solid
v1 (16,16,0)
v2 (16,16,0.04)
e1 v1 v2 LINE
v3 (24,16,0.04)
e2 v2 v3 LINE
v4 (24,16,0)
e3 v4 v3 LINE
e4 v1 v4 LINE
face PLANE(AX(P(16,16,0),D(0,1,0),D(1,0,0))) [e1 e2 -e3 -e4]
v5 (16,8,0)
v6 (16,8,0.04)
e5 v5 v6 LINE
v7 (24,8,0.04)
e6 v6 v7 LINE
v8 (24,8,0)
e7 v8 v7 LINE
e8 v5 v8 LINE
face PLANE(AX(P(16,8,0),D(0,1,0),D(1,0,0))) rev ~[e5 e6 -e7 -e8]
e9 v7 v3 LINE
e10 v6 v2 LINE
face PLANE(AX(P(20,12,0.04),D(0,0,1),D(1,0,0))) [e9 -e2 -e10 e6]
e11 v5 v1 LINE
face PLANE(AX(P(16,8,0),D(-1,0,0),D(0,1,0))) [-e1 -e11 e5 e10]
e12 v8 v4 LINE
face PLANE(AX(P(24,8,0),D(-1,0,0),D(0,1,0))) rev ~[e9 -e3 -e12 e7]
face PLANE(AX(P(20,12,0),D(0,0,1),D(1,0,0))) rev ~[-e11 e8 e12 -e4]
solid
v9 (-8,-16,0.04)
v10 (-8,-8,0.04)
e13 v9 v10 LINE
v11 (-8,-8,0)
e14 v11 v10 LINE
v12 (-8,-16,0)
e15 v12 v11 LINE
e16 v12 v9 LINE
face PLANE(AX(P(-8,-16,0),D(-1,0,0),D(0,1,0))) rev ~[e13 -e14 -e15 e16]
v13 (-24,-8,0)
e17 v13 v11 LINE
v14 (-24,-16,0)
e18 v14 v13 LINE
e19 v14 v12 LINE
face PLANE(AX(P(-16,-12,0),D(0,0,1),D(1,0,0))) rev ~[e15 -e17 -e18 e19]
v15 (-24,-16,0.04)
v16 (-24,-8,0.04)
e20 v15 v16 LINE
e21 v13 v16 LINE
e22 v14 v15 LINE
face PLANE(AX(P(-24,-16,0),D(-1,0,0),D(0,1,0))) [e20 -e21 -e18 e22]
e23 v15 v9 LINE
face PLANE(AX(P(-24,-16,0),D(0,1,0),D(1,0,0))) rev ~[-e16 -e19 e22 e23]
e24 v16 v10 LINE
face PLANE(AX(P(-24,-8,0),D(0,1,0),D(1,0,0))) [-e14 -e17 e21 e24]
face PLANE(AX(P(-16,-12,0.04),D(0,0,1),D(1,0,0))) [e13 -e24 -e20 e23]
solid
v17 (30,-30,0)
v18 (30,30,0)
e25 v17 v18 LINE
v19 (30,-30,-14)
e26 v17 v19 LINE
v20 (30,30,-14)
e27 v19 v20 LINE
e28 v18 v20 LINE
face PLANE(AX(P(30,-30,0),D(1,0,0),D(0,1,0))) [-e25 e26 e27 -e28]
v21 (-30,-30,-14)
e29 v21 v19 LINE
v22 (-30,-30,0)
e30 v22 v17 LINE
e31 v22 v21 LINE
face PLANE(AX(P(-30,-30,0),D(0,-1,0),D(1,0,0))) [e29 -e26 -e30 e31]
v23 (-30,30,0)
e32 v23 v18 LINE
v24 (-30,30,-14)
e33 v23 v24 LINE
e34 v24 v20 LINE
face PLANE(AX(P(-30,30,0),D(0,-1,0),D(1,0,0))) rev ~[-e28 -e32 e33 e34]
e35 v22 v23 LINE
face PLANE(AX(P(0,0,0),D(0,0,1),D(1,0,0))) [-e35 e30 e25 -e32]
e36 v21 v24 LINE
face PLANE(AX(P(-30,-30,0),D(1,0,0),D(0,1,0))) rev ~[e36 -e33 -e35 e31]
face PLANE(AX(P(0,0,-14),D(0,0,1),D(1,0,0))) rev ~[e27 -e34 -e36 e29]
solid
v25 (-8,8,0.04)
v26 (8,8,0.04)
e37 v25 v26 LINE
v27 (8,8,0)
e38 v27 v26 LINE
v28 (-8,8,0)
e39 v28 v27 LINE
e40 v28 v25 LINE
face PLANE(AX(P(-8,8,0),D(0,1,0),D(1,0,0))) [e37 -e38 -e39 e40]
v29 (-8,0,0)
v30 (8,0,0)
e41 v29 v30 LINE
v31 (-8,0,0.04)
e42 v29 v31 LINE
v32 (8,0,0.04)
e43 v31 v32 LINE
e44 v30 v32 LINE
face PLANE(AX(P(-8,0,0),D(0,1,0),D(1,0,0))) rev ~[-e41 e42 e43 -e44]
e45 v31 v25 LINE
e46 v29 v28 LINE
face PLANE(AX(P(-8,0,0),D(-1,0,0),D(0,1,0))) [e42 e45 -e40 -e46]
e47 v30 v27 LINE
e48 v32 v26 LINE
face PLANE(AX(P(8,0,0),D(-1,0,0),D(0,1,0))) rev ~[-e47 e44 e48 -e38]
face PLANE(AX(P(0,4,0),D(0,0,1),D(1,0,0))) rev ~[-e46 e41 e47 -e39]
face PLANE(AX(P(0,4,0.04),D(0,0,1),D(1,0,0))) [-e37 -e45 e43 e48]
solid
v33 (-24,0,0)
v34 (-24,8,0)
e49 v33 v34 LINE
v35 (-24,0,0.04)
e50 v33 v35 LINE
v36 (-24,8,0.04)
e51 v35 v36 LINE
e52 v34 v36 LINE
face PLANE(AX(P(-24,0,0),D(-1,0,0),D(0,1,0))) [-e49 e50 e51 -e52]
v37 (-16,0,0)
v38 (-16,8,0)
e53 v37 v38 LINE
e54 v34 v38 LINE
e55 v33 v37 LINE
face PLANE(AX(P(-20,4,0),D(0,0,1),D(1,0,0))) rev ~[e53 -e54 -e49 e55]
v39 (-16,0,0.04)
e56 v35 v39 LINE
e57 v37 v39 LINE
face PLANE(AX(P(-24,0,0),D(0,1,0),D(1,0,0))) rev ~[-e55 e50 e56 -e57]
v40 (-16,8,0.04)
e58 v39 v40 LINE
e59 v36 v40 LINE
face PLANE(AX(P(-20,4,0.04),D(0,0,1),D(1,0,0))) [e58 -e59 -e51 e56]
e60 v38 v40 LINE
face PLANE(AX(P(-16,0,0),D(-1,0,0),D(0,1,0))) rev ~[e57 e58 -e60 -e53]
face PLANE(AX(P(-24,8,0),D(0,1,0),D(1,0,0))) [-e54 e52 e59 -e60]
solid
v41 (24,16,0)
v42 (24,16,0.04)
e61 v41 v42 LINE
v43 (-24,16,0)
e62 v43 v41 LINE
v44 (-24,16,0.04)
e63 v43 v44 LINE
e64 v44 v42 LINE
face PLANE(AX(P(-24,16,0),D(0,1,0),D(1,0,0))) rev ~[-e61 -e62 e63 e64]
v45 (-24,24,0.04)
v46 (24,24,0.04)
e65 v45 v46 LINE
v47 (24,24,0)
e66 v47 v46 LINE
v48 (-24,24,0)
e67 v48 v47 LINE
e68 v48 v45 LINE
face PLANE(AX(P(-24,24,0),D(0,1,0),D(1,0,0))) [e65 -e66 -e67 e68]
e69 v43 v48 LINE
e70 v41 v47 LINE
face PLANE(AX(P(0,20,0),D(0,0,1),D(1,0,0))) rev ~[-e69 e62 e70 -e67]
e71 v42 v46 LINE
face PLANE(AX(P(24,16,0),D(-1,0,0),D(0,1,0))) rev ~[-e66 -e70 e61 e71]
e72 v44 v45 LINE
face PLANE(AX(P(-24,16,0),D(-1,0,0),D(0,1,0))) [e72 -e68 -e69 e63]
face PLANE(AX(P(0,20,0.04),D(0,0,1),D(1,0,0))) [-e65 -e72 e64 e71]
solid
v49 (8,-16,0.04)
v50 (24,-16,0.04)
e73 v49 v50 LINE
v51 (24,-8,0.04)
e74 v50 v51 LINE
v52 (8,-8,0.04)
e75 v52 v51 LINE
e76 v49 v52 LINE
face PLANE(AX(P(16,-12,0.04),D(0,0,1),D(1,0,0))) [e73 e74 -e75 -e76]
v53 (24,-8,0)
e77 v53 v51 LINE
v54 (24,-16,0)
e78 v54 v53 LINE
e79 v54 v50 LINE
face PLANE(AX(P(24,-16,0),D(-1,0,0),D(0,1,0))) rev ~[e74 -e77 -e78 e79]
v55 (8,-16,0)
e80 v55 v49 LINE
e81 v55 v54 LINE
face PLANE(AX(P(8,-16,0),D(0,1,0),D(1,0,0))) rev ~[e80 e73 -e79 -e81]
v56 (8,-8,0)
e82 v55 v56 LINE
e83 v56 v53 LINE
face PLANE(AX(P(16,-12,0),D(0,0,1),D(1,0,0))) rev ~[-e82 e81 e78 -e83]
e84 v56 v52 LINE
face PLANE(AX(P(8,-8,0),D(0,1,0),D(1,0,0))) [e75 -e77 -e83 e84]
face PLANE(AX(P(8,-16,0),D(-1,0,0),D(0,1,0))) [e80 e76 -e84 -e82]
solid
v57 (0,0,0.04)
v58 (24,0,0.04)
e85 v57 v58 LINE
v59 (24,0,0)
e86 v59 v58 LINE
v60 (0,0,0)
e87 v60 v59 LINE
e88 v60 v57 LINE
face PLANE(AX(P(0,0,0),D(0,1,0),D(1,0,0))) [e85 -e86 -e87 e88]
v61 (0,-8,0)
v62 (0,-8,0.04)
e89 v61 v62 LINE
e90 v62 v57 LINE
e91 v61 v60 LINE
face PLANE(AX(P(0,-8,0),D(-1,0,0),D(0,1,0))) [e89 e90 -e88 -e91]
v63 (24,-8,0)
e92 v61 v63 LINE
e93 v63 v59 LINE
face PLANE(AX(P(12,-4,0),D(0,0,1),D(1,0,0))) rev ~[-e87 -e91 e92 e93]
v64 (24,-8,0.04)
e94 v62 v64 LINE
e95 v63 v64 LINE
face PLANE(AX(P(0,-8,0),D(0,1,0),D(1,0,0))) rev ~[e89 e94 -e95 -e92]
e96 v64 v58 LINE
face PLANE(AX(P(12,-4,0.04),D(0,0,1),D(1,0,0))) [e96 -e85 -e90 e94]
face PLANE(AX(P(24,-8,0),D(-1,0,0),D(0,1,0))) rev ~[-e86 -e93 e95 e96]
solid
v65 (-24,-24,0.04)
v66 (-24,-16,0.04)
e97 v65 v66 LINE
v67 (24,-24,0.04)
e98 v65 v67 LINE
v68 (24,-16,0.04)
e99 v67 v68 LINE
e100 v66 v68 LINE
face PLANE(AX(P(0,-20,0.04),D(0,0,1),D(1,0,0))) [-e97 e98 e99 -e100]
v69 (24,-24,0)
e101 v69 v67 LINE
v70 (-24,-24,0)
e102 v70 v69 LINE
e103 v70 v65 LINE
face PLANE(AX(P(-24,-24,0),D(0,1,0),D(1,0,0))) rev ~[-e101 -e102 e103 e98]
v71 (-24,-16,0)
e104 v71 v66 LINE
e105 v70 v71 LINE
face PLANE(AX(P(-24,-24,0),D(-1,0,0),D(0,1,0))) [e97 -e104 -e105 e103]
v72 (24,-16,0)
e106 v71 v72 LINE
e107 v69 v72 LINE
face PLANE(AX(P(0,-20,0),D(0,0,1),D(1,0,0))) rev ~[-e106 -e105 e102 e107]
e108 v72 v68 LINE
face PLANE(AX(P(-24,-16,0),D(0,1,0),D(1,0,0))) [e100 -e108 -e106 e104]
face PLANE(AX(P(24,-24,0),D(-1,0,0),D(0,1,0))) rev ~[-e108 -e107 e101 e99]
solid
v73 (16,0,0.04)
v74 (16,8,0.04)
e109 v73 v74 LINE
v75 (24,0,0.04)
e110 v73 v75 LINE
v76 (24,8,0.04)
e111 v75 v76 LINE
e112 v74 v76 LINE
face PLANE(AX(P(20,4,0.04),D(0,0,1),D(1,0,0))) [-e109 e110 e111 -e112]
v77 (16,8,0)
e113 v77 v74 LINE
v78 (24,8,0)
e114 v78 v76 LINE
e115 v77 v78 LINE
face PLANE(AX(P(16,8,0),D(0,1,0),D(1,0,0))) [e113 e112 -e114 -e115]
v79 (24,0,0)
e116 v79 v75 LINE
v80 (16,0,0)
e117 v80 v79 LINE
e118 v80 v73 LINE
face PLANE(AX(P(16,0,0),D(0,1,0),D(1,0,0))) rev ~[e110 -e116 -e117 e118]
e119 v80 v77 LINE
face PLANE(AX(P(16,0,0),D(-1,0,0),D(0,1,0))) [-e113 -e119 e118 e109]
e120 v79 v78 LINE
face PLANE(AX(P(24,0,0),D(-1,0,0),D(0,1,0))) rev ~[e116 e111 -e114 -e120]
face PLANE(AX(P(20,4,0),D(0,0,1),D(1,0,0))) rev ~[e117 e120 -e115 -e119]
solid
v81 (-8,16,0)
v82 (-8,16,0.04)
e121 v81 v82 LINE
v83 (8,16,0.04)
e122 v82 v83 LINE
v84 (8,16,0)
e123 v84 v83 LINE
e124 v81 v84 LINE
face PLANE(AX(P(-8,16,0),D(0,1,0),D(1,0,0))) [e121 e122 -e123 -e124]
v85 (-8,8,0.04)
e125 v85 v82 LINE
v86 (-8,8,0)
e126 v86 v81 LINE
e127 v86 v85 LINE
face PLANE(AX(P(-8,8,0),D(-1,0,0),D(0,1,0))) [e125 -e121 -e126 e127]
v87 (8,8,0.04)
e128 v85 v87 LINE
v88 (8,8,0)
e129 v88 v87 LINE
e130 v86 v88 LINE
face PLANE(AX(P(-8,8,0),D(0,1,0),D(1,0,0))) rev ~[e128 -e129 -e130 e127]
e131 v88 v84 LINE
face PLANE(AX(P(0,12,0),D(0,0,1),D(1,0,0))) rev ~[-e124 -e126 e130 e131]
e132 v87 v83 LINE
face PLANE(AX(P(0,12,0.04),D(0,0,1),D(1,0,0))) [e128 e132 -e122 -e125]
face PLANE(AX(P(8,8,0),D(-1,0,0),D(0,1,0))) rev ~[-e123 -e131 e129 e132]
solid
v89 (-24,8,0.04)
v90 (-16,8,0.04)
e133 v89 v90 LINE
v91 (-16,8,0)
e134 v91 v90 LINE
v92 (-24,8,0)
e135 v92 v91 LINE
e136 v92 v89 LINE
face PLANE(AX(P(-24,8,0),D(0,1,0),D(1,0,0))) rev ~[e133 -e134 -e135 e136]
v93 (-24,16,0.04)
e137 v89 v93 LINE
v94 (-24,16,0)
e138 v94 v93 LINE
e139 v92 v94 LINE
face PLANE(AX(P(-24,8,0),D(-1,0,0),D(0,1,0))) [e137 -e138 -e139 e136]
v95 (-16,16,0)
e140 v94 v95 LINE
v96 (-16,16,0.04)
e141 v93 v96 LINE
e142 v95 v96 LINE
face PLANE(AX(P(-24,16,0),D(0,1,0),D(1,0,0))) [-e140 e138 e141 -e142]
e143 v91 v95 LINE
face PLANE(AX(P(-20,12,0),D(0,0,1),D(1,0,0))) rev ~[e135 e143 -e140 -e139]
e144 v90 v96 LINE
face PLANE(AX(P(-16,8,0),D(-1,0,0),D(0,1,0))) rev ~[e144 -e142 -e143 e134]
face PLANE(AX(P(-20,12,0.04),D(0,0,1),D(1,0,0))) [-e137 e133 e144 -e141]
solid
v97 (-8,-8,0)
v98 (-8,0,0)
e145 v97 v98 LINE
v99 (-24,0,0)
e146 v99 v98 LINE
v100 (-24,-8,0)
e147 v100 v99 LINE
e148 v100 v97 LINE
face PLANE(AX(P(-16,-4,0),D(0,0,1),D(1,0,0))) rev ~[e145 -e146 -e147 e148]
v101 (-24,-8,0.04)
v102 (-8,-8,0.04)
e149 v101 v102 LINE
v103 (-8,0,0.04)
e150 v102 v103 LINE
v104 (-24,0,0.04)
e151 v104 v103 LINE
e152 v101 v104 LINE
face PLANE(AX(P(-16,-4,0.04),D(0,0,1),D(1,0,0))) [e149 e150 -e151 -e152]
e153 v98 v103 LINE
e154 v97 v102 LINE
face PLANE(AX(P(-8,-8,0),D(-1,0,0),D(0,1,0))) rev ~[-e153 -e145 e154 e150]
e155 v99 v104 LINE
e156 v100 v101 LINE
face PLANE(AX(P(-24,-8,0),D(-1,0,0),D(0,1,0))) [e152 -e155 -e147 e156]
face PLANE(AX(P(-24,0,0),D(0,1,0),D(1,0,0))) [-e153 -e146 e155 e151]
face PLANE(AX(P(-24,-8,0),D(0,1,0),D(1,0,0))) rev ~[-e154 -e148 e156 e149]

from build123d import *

# Parameters (mm, degrees)
SKETCH_1_W                     = 60
SKETCH_1_H                     = 60
COPLANAR_SUPPORT60X60X14_DEPTH = 14
SKETCH_2_W                     = 48
SKETCH_2_H                     = 8
ID3_ROW0_DEPTH                 = 0.04
SKETCH_3_W                     = 8
SKETCH_3_H                     = 8
ID3_ROW1_DEPTH                 = 0.04
SKETCH_3_W_2                   = 16
ID3_ROW1_2_DEPTH               = 0.04
ID3_ROW1_3_DEPTH               = 0.04
SKETCH_4_W                     = 8
SKETCH_4_H                     = 8
ID3_ROW2_DEPTH                 = 0.04
SKETCH_4_W_2                   = 16
ID3_ROW2_2_DEPTH               = 0.04
ID3_ROW2_3_DEPTH               = 0.04
SKETCH_5_W                     = 16
SKETCH_5_H                     = 8
ID3_ROW3_DEPTH                 = 0.04
SKETCH_5_W_2                   = 24
ID3_ROW3_2_DEPTH               = 0.04
SKETCH_6_W                     = 16
SKETCH_6_H                     = 8
ID3_ROW4_DEPTH                 = 0.04
ID3_ROW4_2_DEPTH               = 0.04
SKETCH_7_W                     = 48
SKETCH_7_H                     = 8
ID3_ROW5_DEPTH                 = 0.04


with BuildPart() as part:
    # 草图1 → Coplanar_support60x60x14 (new body)
    with BuildSketch(Plane.XY):
        Rectangle(SKETCH_1_W, SKETCH_1_H)
    extrude(amount=-COPLANAR_SUPPORT60X60X14_DEPTH)


with BuildPart() as body_2:
    # 草图2 → ID3_row0 (new body)
    with BuildSketch(Plane.XY):
        with Locations((0, 20)):
            Rectangle(SKETCH_2_W, SKETCH_2_H)
    extrude(amount=ID3_ROW0_DEPTH)


with BuildPart() as body_3:
    # 草图3 → ID3_row1 (new body)
    with BuildSketch(Plane.XY):
        with Locations((-20, 12)):
            Rectangle(SKETCH_3_W, SKETCH_3_H)
    extrude(amount=ID3_ROW1_DEPTH)


with BuildPart() as body_4:
    # 草图3 → ID3_row1 2 (new body)
    with BuildSketch(Plane.XY):
        with Locations((0, 12)):
            Rectangle(SKETCH_3_W_2, SKETCH_3_H)
    extrude(amount=ID3_ROW1_2_DEPTH)


with BuildPart() as body_5:
    # 草图3 → ID3_row1 3 (new body)
    with BuildSketch(Plane.XY):
        with Locations((20, 12)):
            Rectangle(SKETCH_3_W, SKETCH_3_H)
    extrude(amount=ID3_ROW1_3_DEPTH)


with BuildPart() as body_6:
    # 草图4 → ID3_row2 (new body)
    with BuildSketch(Plane.XY):
        with Locations((-20, 4)):
            Rectangle(SKETCH_4_W, SKETCH_4_H)
    extrude(amount=ID3_ROW2_DEPTH)


with BuildPart() as body_7:
    # 草图4 → ID3_row2 2 (new body)
    with BuildSketch(Plane.XY):
        with Locations((0, 4)):
            Rectangle(SKETCH_4_W_2, SKETCH_4_H)
    extrude(amount=ID3_ROW2_2_DEPTH)


with BuildPart() as body_8:
    # 草图4 → ID3_row2 3 (new body)
    with BuildSketch(Plane.XY):
        with Locations((20, 4)):
            Rectangle(SKETCH_4_W, SKETCH_4_H)
    extrude(amount=ID3_ROW2_3_DEPTH)


with BuildPart() as body_9:
    # 草图5 → ID3_row3 (new body)
    with BuildSketch(Plane.XY):
        with Locations((-16, -4)):
            Rectangle(SKETCH_5_W, SKETCH_5_H)
    extrude(amount=ID3_ROW3_DEPTH)


with BuildPart() as body_10:
    # 草图5 → ID3_row3 2 (new body)
    with BuildSketch(Plane.XY):
        with Locations((12, -4)):
            Rectangle(SKETCH_5_W_2, SKETCH_5_H)
    extrude(amount=ID3_ROW3_2_DEPTH)


with BuildPart() as body_11:
    # 草图6 → ID3_row4 (new body)
    with BuildSketch(Plane.XY):
        with Locations((-16, -12)):
            Rectangle(SKETCH_6_W, SKETCH_6_H)
    extrude(amount=ID3_ROW4_DEPTH)


with BuildPart() as body_12:
    # 草图6 → ID3_row4 2 (new body)
    with BuildSketch(Plane.XY):
        with Locations((16, -12)):
            Rectangle(SKETCH_6_W, SKETCH_6_H)
    extrude(amount=ID3_ROW4_2_DEPTH)


with BuildPart() as body_13:
    # 草图7 → ID3_row5 (new body)
    with BuildSketch(Plane.XY):
        with Locations((0, -20)):
            Rectangle(SKETCH_7_W, SKETCH_7_H)
    extrude(amount=ID3_ROW5_DEPTH)


solid = Compound([part.part, body_2.part, body_3.part, body_4.part, body_5.part, body_6.part, body_7.part, body_8.part, body_9.part, body_10.part, body_11.part, body_12.part, body_13.part])
